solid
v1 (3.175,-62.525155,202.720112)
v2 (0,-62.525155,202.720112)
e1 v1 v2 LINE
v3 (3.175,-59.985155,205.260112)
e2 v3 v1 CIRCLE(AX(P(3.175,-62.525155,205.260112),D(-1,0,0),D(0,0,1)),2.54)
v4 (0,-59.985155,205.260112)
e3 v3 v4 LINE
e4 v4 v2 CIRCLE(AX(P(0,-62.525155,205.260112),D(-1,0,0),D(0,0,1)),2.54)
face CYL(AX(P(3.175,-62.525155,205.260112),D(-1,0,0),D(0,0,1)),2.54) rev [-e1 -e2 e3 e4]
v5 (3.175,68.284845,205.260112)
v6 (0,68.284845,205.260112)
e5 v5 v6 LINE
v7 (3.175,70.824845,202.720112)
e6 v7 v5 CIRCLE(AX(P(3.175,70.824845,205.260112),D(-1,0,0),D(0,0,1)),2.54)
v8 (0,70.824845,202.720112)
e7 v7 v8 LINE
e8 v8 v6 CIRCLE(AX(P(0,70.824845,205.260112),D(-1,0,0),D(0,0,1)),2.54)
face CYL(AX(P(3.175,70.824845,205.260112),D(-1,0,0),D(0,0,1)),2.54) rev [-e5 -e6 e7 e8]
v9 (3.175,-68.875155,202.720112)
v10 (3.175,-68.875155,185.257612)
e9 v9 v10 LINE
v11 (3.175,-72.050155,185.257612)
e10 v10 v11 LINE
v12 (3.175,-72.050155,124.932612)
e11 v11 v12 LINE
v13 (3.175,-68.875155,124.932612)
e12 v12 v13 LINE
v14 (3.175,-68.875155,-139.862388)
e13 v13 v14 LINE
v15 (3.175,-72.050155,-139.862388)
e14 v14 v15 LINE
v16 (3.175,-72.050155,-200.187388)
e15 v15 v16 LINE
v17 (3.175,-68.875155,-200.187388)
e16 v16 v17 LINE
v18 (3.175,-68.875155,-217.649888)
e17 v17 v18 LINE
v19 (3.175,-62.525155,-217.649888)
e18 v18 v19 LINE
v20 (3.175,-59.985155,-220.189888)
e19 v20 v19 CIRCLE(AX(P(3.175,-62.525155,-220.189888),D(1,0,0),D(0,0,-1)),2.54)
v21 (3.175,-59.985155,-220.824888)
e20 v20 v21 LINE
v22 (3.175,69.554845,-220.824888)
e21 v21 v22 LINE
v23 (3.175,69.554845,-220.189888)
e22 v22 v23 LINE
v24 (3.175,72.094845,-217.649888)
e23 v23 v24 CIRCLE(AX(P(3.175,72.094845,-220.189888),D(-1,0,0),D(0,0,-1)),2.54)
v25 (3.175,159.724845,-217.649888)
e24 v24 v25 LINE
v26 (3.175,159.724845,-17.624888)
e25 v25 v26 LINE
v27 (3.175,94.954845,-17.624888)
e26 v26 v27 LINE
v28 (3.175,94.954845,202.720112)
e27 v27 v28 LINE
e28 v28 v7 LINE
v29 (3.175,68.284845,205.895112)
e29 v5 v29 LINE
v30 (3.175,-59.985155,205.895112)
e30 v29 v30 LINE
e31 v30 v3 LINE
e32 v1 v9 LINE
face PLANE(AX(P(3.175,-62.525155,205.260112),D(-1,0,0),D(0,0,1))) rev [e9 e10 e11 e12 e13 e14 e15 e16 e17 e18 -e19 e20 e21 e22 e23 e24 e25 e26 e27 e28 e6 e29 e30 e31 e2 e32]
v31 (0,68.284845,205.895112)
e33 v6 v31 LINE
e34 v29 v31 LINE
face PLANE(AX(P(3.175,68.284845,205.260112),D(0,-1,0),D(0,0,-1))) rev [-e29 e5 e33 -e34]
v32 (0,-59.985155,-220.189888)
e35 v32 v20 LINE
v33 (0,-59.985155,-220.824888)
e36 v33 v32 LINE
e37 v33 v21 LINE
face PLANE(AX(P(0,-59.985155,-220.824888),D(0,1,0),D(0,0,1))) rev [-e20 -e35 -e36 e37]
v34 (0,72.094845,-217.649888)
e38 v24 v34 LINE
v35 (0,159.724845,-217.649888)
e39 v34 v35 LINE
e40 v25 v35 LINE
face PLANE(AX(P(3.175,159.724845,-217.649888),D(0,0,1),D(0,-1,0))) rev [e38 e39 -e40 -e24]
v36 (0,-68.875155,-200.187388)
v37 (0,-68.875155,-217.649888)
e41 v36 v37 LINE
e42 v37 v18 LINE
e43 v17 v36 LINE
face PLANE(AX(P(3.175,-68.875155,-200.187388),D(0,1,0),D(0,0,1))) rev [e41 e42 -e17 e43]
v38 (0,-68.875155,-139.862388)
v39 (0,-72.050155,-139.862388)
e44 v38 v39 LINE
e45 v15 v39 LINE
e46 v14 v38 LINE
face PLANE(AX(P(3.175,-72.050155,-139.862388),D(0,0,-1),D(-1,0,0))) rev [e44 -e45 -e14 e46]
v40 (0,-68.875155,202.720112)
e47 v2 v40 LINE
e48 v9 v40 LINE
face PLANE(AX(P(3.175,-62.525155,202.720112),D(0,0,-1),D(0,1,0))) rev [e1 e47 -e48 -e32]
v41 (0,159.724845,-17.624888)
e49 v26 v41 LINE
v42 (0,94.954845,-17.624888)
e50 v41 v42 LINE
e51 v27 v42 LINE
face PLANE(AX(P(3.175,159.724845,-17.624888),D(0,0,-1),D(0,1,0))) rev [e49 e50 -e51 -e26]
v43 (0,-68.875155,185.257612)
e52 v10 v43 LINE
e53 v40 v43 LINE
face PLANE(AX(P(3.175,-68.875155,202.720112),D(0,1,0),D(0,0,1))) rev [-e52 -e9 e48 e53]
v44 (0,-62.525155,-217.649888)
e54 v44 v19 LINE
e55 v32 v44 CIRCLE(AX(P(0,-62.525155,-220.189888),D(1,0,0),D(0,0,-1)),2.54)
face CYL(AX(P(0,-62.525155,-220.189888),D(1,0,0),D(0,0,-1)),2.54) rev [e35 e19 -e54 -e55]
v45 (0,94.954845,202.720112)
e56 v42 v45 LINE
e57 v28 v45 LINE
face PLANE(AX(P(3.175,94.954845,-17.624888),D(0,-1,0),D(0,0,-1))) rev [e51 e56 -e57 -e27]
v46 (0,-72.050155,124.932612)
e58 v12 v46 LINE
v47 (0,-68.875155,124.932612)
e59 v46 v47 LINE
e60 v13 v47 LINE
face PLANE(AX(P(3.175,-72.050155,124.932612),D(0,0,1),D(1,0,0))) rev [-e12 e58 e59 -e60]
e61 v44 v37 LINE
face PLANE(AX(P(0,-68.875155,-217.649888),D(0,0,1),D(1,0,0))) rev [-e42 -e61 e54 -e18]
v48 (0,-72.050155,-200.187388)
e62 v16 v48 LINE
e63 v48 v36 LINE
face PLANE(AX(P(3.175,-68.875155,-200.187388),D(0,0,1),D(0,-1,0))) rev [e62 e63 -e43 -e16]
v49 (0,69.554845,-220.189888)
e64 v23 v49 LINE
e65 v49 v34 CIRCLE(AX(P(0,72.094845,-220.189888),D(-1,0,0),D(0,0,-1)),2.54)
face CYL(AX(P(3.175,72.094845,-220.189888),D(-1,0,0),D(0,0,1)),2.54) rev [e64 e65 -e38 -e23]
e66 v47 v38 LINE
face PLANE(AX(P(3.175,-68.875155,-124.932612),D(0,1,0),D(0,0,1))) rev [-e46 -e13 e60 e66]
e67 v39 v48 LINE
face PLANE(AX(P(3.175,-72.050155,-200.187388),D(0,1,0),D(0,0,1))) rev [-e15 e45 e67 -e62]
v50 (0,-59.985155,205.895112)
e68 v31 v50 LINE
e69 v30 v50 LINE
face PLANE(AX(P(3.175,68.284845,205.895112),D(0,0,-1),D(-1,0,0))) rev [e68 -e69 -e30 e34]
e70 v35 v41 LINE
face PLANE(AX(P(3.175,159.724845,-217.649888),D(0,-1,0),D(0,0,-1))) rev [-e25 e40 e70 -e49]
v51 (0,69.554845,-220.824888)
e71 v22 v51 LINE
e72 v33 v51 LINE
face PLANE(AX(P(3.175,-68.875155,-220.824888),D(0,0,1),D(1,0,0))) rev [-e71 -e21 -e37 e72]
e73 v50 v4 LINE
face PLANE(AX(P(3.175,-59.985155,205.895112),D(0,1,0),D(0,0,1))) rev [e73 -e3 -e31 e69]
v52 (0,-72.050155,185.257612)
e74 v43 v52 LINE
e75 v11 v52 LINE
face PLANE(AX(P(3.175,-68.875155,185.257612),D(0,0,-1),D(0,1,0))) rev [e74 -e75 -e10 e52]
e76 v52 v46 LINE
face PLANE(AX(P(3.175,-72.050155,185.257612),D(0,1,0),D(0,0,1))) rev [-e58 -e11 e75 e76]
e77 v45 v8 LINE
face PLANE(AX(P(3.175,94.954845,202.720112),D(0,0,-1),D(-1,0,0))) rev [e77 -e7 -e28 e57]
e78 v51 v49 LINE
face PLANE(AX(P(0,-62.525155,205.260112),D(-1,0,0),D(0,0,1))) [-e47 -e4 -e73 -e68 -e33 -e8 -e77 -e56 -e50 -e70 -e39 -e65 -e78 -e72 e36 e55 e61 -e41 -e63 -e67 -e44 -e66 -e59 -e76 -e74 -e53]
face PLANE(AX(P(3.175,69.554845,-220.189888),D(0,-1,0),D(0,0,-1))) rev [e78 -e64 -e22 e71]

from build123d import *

# Parameters (mm, degrees)
BOSS_EXTRUDE1_DEPTH     = 3.175
CUT_EXTRUDE1_DEPTH      = 273.554100881
CUT_EXTRUDE1_DEPTH_BACK = 273.554100881


with BuildPart() as part:
    # Sketch1 → Boss-Extrude1 (new body)
    with BuildSketch(Plane(origin=(0, 0, 0), x_dir=(0, 0, -1), z_dir=(1, 0, 0))):
        with BuildLine():
            Line((-202.720111625, -68.875155483), (-185.257611625, -68.875155483))
            Line((-185.257611625, -68.875155483), (-185.257611625, -72.050155483))
            Line((-185.257611625, -72.050155483), (-124.932611625, -72.050155483))
            Line((-124.932611625, -72.050155483), (-124.932611625, -68.875155483))
            Line((-124.932611625, -68.875155483), (124.932611625, -68.875155483))
            Line((124.932611625, -68.875155483), (139.862388375, -68.875155483))
            Line((139.862388375, -68.875155483), (139.862388375, -72.050155483))
            Line((139.862388375, -72.050155483), (200.187388375, -72.050155483))
            Line((200.187388375, -72.050155483), (200.187388375, -68.875155483))
            Line((200.187388375, -68.875155483), (220.824888375, -68.875155483))
            Line((220.824888375, -68.875155483), (220.824888375, 69.554844517))
            Line((220.824888375, 69.554844517), (220.189888375, 69.554844517))
            ThreePointArc((220.189888375, 69.554844517), (218.393837151, 70.298793293), (217.649888375, 72.094844517))
            Line((217.649888375, 72.094844517), (217.649888375, 159.724844517))
            Line((217.649888375, 159.724844517), (17.624888375, 159.724844517))
            Line((17.624888375, 159.724844517), (17.624888375, 94.954844517))
            Line((17.624888375, 94.954844517), (-202.720111625, 94.954844517))
            Line((-202.720111625, 94.954844517), (-202.720111625, 70.824844517))
            ThreePointArc((-202.720111625, 70.824844517), (-203.4640604, 69.028793293), (-205.260111625, 68.284844517))
            Line((-205.260111625, 68.284844517), (-205.895111625, 68.284844517))
            Line((-205.895111625, 68.284844517), (-205.895111625, -59.985155483))
            Line((-205.895111625, -59.985155483), (-205.260111625, -59.985155483))
            ThreePointArc((-205.260111625, -59.985155483), (-203.4640604, -60.729104259), (-202.720111625, -62.525155483))
            Line((-202.720111625, -62.525155483), (-202.720111625, -68.875155483))
        make_face()
    extrude(amount=BOSS_EXTRUDE1_DEPTH)

    # Sketch2 → Cut-Extrude1 (cut, two sides: drawn at the far end of the back side and taken through both)
    with BuildSketch(Plane(origin=(3.175, 0, 0), x_dir=(0, 0, -1), z_dir=(1, 0, 0)).offset(-CUT_EXTRUDE1_DEPTH_BACK)):
        with BuildLine():
            Line((220.824888375, -68.875155483), (217.649888375, -68.875155483))
            Line((217.649888375, -68.875155483), (217.649888375, -62.525155483))
            ThreePointArc((217.649888375, -62.525155483), (218.393837151, -60.729104259), (220.189888375, -59.985155483))
            Line((220.189888375, -59.985155483), (220.824888375, -59.985155483))
            Line((220.824888375, -59.985155483), (220.824888375, -68.875155483))
        make_face()
    extrude(amount=CUT_EXTRUDE1_DEPTH + CUT_EXTRUDE1_DEPTH_BACK, mode=Mode.SUBTRACT)


solid = part.part
